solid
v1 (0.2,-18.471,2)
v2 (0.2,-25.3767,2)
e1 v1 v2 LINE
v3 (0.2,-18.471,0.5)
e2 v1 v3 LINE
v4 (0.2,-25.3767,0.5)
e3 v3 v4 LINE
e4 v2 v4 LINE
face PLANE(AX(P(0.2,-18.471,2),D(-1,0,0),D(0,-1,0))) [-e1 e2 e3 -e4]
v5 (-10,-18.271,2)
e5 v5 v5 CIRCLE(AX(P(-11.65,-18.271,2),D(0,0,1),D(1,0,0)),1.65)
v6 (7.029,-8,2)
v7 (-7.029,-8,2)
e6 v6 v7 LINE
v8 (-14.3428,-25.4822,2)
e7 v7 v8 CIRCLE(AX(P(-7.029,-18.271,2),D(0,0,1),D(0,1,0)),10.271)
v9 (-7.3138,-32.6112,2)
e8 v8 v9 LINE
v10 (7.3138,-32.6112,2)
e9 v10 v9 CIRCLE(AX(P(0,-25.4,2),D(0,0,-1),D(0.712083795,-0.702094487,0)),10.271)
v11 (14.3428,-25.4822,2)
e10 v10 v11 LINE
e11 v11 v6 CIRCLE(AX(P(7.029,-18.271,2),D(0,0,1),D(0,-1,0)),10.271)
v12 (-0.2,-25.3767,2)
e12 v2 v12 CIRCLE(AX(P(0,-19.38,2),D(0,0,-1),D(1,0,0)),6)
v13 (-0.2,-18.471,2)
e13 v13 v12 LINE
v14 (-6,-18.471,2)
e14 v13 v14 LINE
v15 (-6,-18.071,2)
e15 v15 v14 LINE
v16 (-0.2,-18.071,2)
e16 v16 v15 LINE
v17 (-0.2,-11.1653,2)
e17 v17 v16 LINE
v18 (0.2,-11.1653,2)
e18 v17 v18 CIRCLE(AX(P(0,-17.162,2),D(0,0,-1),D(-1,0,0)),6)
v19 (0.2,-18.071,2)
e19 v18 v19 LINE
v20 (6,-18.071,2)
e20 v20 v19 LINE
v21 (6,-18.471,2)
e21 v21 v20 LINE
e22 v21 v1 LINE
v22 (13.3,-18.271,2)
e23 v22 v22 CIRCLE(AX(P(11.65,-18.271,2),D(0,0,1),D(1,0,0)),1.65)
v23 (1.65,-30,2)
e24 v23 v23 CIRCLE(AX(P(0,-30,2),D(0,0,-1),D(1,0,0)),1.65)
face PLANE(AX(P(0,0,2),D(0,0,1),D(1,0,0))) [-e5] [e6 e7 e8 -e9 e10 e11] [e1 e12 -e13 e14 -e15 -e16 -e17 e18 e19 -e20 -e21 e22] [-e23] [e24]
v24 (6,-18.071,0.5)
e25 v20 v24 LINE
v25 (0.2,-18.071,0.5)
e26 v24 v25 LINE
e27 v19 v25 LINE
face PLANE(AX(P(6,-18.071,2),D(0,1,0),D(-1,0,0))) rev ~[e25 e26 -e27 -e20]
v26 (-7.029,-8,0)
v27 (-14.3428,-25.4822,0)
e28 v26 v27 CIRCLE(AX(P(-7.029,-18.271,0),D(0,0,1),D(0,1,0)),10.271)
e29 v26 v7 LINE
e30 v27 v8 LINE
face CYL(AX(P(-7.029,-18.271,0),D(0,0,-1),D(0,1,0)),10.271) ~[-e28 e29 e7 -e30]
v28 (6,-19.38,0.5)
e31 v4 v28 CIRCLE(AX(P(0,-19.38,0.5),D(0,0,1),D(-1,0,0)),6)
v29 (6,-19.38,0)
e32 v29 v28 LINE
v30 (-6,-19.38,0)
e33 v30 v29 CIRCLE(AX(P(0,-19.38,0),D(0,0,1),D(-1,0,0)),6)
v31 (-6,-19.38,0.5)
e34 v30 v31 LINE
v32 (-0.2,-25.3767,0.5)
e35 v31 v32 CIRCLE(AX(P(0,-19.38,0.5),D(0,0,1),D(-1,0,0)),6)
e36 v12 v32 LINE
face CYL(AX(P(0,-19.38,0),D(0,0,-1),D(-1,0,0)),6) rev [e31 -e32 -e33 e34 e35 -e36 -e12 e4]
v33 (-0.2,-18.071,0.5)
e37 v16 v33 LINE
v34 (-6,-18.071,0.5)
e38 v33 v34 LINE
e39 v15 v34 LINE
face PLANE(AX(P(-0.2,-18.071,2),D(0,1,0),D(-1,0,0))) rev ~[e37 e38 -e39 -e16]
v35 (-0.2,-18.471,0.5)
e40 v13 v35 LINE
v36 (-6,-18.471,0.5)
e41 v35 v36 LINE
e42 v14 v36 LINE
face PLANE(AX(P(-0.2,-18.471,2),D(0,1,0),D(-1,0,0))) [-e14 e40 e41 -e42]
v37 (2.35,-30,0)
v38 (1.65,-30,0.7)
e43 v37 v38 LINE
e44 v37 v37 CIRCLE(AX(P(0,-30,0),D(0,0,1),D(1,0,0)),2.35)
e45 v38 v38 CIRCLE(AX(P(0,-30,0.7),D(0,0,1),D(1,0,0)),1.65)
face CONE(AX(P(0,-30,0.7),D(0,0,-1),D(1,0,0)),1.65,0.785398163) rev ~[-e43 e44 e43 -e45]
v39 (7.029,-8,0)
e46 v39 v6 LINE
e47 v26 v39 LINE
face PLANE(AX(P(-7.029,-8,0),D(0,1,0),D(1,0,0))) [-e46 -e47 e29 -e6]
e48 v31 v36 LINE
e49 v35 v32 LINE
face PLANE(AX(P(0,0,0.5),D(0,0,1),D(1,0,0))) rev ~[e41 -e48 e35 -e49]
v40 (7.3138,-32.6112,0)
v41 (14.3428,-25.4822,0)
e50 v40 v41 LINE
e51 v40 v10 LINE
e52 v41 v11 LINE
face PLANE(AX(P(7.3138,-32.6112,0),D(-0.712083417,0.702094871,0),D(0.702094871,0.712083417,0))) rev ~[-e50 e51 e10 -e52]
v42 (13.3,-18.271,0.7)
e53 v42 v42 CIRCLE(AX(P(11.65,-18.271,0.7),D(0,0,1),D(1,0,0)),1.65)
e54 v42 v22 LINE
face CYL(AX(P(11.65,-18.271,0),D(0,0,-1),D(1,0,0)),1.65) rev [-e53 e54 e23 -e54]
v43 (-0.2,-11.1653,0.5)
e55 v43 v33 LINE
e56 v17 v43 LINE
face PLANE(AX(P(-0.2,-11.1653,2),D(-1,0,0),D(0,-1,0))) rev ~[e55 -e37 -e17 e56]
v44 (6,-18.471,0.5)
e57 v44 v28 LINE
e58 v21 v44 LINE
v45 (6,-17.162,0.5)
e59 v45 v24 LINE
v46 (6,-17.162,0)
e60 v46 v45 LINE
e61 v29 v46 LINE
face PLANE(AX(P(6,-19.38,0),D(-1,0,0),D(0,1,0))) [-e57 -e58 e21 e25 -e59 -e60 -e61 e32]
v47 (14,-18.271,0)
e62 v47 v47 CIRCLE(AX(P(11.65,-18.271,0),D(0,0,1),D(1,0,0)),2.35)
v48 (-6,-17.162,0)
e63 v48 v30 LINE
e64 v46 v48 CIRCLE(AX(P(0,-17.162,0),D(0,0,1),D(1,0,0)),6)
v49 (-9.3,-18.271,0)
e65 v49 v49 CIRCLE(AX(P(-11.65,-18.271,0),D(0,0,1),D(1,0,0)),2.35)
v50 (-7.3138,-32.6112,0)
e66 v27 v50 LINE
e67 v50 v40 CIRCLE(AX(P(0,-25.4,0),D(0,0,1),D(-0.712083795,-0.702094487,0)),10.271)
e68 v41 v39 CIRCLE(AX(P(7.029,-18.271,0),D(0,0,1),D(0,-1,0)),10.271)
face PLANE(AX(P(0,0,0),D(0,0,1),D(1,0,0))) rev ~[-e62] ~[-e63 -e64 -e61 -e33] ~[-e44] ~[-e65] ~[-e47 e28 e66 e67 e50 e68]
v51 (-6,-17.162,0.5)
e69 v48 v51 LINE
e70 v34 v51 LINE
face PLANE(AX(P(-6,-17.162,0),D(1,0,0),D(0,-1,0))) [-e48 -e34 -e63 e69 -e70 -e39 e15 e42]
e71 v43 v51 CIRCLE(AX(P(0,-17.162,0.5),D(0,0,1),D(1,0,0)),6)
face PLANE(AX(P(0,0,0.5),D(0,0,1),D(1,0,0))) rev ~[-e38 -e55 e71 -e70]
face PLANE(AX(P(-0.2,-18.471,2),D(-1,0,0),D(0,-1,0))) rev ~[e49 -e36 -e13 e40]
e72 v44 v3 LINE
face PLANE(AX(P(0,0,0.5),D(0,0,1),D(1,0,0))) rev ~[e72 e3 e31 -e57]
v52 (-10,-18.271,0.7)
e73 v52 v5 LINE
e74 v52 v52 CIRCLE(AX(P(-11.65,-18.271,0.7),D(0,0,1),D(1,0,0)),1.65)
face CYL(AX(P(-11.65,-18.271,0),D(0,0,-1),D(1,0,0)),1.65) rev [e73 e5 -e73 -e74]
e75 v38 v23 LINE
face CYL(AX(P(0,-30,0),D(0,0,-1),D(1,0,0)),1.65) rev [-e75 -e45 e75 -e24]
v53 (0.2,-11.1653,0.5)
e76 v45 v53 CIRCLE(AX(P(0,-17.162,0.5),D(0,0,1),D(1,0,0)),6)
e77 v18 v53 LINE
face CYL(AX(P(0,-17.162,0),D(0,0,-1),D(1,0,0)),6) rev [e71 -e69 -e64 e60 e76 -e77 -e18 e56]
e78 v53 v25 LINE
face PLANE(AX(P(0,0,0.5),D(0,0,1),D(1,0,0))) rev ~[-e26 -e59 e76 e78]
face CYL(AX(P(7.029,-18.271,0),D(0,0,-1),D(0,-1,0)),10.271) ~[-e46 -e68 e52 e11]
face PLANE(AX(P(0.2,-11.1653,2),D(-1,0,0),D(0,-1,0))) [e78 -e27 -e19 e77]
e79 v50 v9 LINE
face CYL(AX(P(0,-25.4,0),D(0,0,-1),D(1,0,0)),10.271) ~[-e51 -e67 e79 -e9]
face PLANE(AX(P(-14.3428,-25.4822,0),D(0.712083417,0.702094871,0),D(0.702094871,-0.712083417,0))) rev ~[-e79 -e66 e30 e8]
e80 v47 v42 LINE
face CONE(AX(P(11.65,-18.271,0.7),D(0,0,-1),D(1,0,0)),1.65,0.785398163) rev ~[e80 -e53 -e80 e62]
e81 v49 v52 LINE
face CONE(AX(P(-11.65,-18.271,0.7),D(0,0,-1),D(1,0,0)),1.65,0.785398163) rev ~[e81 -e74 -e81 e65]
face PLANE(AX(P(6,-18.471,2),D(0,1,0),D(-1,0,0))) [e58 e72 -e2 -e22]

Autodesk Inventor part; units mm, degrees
ref_plane "YZ Plane" through (0, 0, 0) normal (1, 0, 0) x (0, 1, 0)
ref_plane "XZ Plane" through (0, 0, 0) normal (0, 1, 0) x (-1, 0, 0)
ref_plane "XY Plane" through (0, 0, 0) normal (0, 0, 1) x (1, 0, 0)
sketch "Sketch1" plane through (0, 0, 0) normal (0, 0, 1) x (1, 0, 0)
  circle A0 centre (0, 0) radius 6.5 construction
  ellipse E0 centre (0, -17.162) end of major axis (0, -11.841) minor radius 5 construction
  line L0 (0, -44.4052) -> (0, 16.7342) projected
  ellipse E1 centre (0, -19.38) end of major axis (0, -14.059) minor radius 5 construction
  line L1 (0, -17.162) -> (0, -19.38) construction
  line L2 (-6, -17.162) -> (-6, -19.38)
  line L3 (6, -19.38) -> (6, -17.162)
  arc A1 (6, -17.162) -> (-6, -17.162) centre (0, -17.162) ccw
  arc A2 (-6, -19.38) -> (6, -19.38) centre (0, -19.38) ccw
  circle A3 centre (0, 0) radius 8 construction
  circle A4 centre (11.65, -18.271) radius 1.65
  line L4 (11.65, -18.271) -> (6, -18.271) construction
  circle A5 centre (-11.65, -18.271) radius 1.65
  line L5 (7.029, -18.271) -> (-7.029, -18.271) construction
  line L6 (7.029, -28.542) -> (-7.029, -28.542)
  line L7 (-7.029, -8) -> (7.029, -8)
  arc A6 (7.029, -28.542) -> (7.029, -8) centre (7.029, -18.271) ccw
  arc A7 (-7.029, -8) -> (-7.029, -28.542) centre (-7.029, -18.271) ccw
  circle A8 centre (0, -30) radius 1.65
  circle A9 centre (0, -25.4) radius 10.271
  line L8 (-14.3428, -25.4822) -> (-7.3138, -32.6112)
  line L9 (7.3138, -32.6112) -> (14.3428, -25.4822)
  line L10 (11.65, -18.271) -> (0, 0) construction
  point P0 (0, -18.271)
  point P1 (0, -8)
  point P2 (-0.7725, -28.542)
  point P3 (0.7725, -28.542)
  dimension "d7" = 5
  dimension "d8" = 5.321
  dimension "d10" = 5.321
  dimension "d11" = 5
  dimension "d0" = 13
  dimension "d9" = 17.162
  dimension "d12" = 2.218
  dimension "d13" = 12
  dimension "d14" = 1.5
  dimension "d15" = 3.3
  dimension "d16" = 4
  dimension "d17" = 4
  dimension "d18" = 3.3
  dimension "d19" = 4
  dimension "d50" = 3.3
  dimension "d51" = 30
  dimension "d52" = 4.6
  dimension "d54" = 21.6691
  dimension "d55" = 32.523
extrude "Extrusion3" add sketch "Sketch1" along normal blind 2 contours A9 A7 L6 A8 L0 | L0 A8 L6 A6 A9 | L8 A7 A9 | A9 A6 L9 | L6 A7 A9 A1 L2 A2 L0 A8 | A7 L7 L0 A1 A9 | A9 A1 L0 L7 A6 | A6 L6 A8 L0 A2 L3 A1 A9
sketch "Sketch4" plane through (0, 0, 2) normal (0, 0, 1) x (1, 0, 0)
  line L0 (6, -17.162) -> (6, -19.38) projected
  line L1 (6, -18.471) -> (-6, -18.471)
  line L2 (6, -18.071) -> (-6, -18.071)
  line L3 (6, -18.271) -> (-6, -18.271) construction
  line L4 (-6, -19.38) -> (-6, -17.162) construction
  line L5 (0.2, -11.1653) -> (0.2, -25.3767)
  arc A0 (6, -17.162) -> (-6, -17.162) centre (0, -17.162) ccw projected
  line L6 (-0.2, -11.1653) -> (-0.2, -25.3767)
  line L7 (0, -42.8052) -> (0, 7.1342) projected
  arc A1 (-6, -19.38) -> (6, -19.38) centre (0, -19.38) ccw projected
  arc A2 (-7.029, -8) -> (-14.3428, -25.4822) centre (-7.029, -18.271) ccw projected
  arc A3 (14.3428, -25.4822) -> (7.029, -8) centre (7.029, -18.271) ccw projected
  line L8 (7.029, -8) -> (-7.029, -8) projected
  arc A4 (6, -17.162) -> (-6, -17.162) centre (0, -17.162) ccw projected
  line L9 (6, -17.162) -> (6, -19.38) projected
  arc A5 (-6, -19.38) -> (6, -19.38) centre (0, -19.38) ccw projected
  line L10 (-6, -19.38) -> (-6, -17.162) projected
  circle A6 centre (-11.65, -18.271) radius 1.65 projected
  circle A7 centre (11.65, -18.271) radius 1.65 projected
  line L11 (-14.3428, -25.4822) -> (-7.3138, -32.6112) projected
  arc A8 (-7.3138, -32.6112) -> (7.3138, -32.6112) centre (0, -25.4) ccw projected
  line L12 (7.3138, -32.6112) -> (14.3428, -25.4822) projected
  point P0 (0, 0)
  point P1 (-6, -18.471)
  point P2 (-0.2, -18.471)
  point P3 (0.2, -18.471)
  point P4 (0.2, -18.071)
  point P5 (-6, -18.071)
  point P6 (-0.2, -18.071)
  dimension "d22" = 0.4
  dimension "d23" = 0.4
extrude "Extrusion4" add sketch "Sketch4" against normal blind 1.5 contours L0 L2 L5 A0 | L0 A1 L5 L1 | L6 L2 L10 A0 | L6 A1 L10 L1
chamfer "Chamfer1" distance 0.7 angle 45 5 edges at (10, -18.271, 0) (-13.3, -18.271, 0) (-0.8509, -31.4137, 0) (0, -28.35, 0) (1.4137, -29.1491, 0)
sketch "Sketch5" plane through (0, 0, 0) normal (0, 0, -1) x (-1, 0, 0)
  line L0 (-19.5, -6.271) -> (19.5, -6.271)
  line L1 (19.5, -6.271) -> (19.5, -30.271)
  line L2 (19.5, -30.271) -> (-19.5, -30.271)
  line L3 (-19.5, -30.271) -> (-19.5, -6.271)
  line L4 (-19.5, -6.271) -> (19.5, -30.271) construction
  line L5 (19.5, -6.271) -> (-19.5, -30.271) construction
  line L6 (7.029, -28.542) -> (-7.029, -28.542) projected
  line L7 (-7.029, -8) -> (7.029, -8) projected
  arc A0 (14.3428, -25.4822) -> (7.029, -8) centre (7.029, -18.271) ccw projected
  line L8 (0, -42.8052) -> (0, 7.1342) projected
  line L9 (6, -18.471) -> (0.2, -18.471) construction
  line L10 (-0.2, -18.071) -> (0.2, -18.471) construction
  line L11 (-0.2, -25.3767) -> (-0.2, -18.471) construction
  line L12 (-0.2, -18.471) -> (0.2, -18.071) construction
  line L13 (19.5, -30.271) -> (15.6547, -34.171)
  line L14 (15.6547, -34.171) -> (-15.6547, -34.171)
  line L15 (-15.6547, -34.171) -> (-19.5, -30.271)
  line L16 (-7.3138, -32.6112) -> (-14.3428, -25.4822) projected
  line L17 (14.3428, -25.4822) -> (7.3138, -32.6112) projected
  arc A1 (-7.3138, -32.6112) -> (7.3138, -32.6112) centre (0, -25.4) ccw projected
  point P0 (0, 0)
  point P1 (0, -18.271)
  point P2 (0, -18.271)
  point P3 (0, -18.271)
  dimension "d36" = 24
  dimension "d37" = 39
  dimension "d53" = 1.5
sketch "Sketch8" plane through (0, 0, 2) normal (0, 0, 1) x (1, 0, 0)
  line L0 (-0.2, -11.1653) -> (-0.2, -18.071) projected
  line L1 (-0.2, -18.071) -> (-6, -18.071) projected
  line L2 (-6, -18.071) -> (-6, -18.471) projected
  line L3 (-6, -18.471) -> (-0.2, -18.471) projected
  line L4 (-0.2, -18.471) -> (-0.2, -25.3767) projected
  arc A0 (-0.2, -25.3767) -> (0.2, -25.3767) centre (0, -19.38) ccw projected
  line L5 (0.2, -25.3767) -> (0.2, -18.471) projected
  line L6 (0.2, -18.471) -> (6, -18.471) projected
  line L7 (6, -18.471) -> (6, -18.071) projected
  line L8 (6, -18.071) -> (0.2, -18.071) projected
  line L9 (0.2, -18.071) -> (0.2, -11.1653) projected
  arc A1 (0.2, -11.1653) -> (-0.2, -11.1653) centre (0, -17.162) ccw projected
  line L10 (0.2, -18.471) -> (0.2, -25.3767)
  arc A2 (-0.2, -25.3767) -> (0.2, -25.3767) centre (0, -19.38) ccw
  line L11 (-0.2, -25.3767) -> (-0.2, -18.471)
  line L12 (-0.2, -18.471) -> (-6, -18.471)
  line L13 (-6, -18.471) -> (-6, -18.071)
  line L14 (-6, -18.071) -> (-0.2, -18.071)
  line L15 (-0.2, -18.071) -> (-0.2, -11.1653)
  arc A3 (0.2, -11.1653) -> (-0.2, -11.1653) centre (0, -17.162) ccw
  line L16 (0.2, -11.1653) -> (0.2, -18.071)
  line L17 (0.2, -18.071) -> (6, -18.071)
  line L18 (6, -18.071) -> (6, -18.471)
  line L19 (6, -18.471) -> (0.2, -18.471)
  line L20 (-0.2, -11.1653) -> (-0.2, -11.1653)
  arc A4 (0.2, -11.1653) -> (-0.2, -11.1653) centre (0, -17.162) ccw projected
  line L21 (0.2, -11.1653) -> (0.2, -11.1653)
  line L22 (0.2, -25.3767) -> (0.2, -25.3767)
  line L23 (-0.2, -25.3767) -> (-0.2, -25.3767)
  line L24 (-6, -18.471) -> (-6, -18.471)
  line L25 (-6, -18.071) -> (-6, -18.471) projected
  line L26 (-6, -18.071) -> (-6, -18.071)
  line L27 (6, -18.071) -> (6, -18.071)
  line L28 (6, -18.471) -> (6, -18.471)
  point P0 (0, 0)
  dimension "d47" = 0.4
sketch "Sketch6" plane through (-6, 6.479, 2) normal (0, 0, 1) x (1, 0, 0)
  line L0 (5.25, 6.3119) -> (5.25, 0) projected
  line L1 (5.25, 0) -> (0, 0) projected
  line L2 (0, 0) -> (0, -1.5) projected
  line L3 (0, -1.5) -> (5.25, -1.5) projected
  line L4 (5.25, -1.5) -> (5.25, -7.8119) projected
  arc A0 (5.25, -7.8119) -> (6.75, -7.8119) centre (6, -1.859) ccw projected
  line L5 (6.75, -7.8119) -> (6.75, -1.5) projected
  line L6 (6.75, -1.5) -> (12, -1.5) projected
  line L7 (12, -1.5) -> (12, 0) projected
  line L8 (12, 0) -> (6.75, 0) projected
  line L9 (6.75, 0) -> (6.75, 6.3119) projected
  arc A1 (6.75, 6.3119) -> (5.25, 6.3119) centre (6, 0.359) ccw projected
  line L10 (6.5, -0.25) -> (11.75, -0.25)
  line L11 (11.75, -0.25) -> (11.75, -1.25)
  line L12 (11.75, -1.25) -> (6.5, -1.25)
  line L13 (6.5, -1.25) -> (6.5, -7.5872)
  arc A2 (5.5, -7.5872) -> (6.5, -7.5872) centre (6, -1.859) ccw
  line L14 (5.5, -7.5872) -> (5.5, -1.25)
  line L15 (5.5, -1.25) -> (0.25, -1.25)
  line L16 (0.25, -1.25) -> (0.25, -0.25)
  line L17 (0.25, -0.25) -> (5.5, -0.25)
  line L18 (5.5, -0.25) -> (5.5, 6.0872)
  arc A3 (6.5, 6.0872) -> (5.5, 6.0872) centre (6, 0.359) ccw
  line L19 (6.5, 6.0872) -> (6.5, -0.25)
  point P0 (6, -6.479)
  dimension "d41" = 0.25
sketch "Sketch7" plane through (0, 0, 2) normal (0, 0, 1) x (1, 0, 0)
  line L0 (18.2501, 17.0189) -> (18.2501, 11.7049) construction
  line L1 (18.2501, 11.7049) -> (11.9326, 11.7049) construction
  line L2 (11.9326, 11.7049) -> (11.9326, 17.0189) construction
  line L3 (11.9326, 17.0189) -> (18.2501, 17.0189) construction
  line L4 (-15.246, -25.6115) -> (-15.246, -29.9114) construction
  line L5 (-15.246, -29.9114) -> (-18.746, -29.9114) construction
  line L6 (-18.746, -29.9114) -> (-18.746, -25.6115) construction
  line L7 (-18.746, -25.6115) -> (-15.246, -25.6115) construction
  point P0 (0, 0)
equation "\"d10\" = d8"
equation "\"d11\" = d7"
equation "\"d17\" = d16"
equation "\"d18\" = d15"
equation "\"d50\" = d15"
equation "\"d23\" = d22"
properties part number "Cover" material "Rubber"
